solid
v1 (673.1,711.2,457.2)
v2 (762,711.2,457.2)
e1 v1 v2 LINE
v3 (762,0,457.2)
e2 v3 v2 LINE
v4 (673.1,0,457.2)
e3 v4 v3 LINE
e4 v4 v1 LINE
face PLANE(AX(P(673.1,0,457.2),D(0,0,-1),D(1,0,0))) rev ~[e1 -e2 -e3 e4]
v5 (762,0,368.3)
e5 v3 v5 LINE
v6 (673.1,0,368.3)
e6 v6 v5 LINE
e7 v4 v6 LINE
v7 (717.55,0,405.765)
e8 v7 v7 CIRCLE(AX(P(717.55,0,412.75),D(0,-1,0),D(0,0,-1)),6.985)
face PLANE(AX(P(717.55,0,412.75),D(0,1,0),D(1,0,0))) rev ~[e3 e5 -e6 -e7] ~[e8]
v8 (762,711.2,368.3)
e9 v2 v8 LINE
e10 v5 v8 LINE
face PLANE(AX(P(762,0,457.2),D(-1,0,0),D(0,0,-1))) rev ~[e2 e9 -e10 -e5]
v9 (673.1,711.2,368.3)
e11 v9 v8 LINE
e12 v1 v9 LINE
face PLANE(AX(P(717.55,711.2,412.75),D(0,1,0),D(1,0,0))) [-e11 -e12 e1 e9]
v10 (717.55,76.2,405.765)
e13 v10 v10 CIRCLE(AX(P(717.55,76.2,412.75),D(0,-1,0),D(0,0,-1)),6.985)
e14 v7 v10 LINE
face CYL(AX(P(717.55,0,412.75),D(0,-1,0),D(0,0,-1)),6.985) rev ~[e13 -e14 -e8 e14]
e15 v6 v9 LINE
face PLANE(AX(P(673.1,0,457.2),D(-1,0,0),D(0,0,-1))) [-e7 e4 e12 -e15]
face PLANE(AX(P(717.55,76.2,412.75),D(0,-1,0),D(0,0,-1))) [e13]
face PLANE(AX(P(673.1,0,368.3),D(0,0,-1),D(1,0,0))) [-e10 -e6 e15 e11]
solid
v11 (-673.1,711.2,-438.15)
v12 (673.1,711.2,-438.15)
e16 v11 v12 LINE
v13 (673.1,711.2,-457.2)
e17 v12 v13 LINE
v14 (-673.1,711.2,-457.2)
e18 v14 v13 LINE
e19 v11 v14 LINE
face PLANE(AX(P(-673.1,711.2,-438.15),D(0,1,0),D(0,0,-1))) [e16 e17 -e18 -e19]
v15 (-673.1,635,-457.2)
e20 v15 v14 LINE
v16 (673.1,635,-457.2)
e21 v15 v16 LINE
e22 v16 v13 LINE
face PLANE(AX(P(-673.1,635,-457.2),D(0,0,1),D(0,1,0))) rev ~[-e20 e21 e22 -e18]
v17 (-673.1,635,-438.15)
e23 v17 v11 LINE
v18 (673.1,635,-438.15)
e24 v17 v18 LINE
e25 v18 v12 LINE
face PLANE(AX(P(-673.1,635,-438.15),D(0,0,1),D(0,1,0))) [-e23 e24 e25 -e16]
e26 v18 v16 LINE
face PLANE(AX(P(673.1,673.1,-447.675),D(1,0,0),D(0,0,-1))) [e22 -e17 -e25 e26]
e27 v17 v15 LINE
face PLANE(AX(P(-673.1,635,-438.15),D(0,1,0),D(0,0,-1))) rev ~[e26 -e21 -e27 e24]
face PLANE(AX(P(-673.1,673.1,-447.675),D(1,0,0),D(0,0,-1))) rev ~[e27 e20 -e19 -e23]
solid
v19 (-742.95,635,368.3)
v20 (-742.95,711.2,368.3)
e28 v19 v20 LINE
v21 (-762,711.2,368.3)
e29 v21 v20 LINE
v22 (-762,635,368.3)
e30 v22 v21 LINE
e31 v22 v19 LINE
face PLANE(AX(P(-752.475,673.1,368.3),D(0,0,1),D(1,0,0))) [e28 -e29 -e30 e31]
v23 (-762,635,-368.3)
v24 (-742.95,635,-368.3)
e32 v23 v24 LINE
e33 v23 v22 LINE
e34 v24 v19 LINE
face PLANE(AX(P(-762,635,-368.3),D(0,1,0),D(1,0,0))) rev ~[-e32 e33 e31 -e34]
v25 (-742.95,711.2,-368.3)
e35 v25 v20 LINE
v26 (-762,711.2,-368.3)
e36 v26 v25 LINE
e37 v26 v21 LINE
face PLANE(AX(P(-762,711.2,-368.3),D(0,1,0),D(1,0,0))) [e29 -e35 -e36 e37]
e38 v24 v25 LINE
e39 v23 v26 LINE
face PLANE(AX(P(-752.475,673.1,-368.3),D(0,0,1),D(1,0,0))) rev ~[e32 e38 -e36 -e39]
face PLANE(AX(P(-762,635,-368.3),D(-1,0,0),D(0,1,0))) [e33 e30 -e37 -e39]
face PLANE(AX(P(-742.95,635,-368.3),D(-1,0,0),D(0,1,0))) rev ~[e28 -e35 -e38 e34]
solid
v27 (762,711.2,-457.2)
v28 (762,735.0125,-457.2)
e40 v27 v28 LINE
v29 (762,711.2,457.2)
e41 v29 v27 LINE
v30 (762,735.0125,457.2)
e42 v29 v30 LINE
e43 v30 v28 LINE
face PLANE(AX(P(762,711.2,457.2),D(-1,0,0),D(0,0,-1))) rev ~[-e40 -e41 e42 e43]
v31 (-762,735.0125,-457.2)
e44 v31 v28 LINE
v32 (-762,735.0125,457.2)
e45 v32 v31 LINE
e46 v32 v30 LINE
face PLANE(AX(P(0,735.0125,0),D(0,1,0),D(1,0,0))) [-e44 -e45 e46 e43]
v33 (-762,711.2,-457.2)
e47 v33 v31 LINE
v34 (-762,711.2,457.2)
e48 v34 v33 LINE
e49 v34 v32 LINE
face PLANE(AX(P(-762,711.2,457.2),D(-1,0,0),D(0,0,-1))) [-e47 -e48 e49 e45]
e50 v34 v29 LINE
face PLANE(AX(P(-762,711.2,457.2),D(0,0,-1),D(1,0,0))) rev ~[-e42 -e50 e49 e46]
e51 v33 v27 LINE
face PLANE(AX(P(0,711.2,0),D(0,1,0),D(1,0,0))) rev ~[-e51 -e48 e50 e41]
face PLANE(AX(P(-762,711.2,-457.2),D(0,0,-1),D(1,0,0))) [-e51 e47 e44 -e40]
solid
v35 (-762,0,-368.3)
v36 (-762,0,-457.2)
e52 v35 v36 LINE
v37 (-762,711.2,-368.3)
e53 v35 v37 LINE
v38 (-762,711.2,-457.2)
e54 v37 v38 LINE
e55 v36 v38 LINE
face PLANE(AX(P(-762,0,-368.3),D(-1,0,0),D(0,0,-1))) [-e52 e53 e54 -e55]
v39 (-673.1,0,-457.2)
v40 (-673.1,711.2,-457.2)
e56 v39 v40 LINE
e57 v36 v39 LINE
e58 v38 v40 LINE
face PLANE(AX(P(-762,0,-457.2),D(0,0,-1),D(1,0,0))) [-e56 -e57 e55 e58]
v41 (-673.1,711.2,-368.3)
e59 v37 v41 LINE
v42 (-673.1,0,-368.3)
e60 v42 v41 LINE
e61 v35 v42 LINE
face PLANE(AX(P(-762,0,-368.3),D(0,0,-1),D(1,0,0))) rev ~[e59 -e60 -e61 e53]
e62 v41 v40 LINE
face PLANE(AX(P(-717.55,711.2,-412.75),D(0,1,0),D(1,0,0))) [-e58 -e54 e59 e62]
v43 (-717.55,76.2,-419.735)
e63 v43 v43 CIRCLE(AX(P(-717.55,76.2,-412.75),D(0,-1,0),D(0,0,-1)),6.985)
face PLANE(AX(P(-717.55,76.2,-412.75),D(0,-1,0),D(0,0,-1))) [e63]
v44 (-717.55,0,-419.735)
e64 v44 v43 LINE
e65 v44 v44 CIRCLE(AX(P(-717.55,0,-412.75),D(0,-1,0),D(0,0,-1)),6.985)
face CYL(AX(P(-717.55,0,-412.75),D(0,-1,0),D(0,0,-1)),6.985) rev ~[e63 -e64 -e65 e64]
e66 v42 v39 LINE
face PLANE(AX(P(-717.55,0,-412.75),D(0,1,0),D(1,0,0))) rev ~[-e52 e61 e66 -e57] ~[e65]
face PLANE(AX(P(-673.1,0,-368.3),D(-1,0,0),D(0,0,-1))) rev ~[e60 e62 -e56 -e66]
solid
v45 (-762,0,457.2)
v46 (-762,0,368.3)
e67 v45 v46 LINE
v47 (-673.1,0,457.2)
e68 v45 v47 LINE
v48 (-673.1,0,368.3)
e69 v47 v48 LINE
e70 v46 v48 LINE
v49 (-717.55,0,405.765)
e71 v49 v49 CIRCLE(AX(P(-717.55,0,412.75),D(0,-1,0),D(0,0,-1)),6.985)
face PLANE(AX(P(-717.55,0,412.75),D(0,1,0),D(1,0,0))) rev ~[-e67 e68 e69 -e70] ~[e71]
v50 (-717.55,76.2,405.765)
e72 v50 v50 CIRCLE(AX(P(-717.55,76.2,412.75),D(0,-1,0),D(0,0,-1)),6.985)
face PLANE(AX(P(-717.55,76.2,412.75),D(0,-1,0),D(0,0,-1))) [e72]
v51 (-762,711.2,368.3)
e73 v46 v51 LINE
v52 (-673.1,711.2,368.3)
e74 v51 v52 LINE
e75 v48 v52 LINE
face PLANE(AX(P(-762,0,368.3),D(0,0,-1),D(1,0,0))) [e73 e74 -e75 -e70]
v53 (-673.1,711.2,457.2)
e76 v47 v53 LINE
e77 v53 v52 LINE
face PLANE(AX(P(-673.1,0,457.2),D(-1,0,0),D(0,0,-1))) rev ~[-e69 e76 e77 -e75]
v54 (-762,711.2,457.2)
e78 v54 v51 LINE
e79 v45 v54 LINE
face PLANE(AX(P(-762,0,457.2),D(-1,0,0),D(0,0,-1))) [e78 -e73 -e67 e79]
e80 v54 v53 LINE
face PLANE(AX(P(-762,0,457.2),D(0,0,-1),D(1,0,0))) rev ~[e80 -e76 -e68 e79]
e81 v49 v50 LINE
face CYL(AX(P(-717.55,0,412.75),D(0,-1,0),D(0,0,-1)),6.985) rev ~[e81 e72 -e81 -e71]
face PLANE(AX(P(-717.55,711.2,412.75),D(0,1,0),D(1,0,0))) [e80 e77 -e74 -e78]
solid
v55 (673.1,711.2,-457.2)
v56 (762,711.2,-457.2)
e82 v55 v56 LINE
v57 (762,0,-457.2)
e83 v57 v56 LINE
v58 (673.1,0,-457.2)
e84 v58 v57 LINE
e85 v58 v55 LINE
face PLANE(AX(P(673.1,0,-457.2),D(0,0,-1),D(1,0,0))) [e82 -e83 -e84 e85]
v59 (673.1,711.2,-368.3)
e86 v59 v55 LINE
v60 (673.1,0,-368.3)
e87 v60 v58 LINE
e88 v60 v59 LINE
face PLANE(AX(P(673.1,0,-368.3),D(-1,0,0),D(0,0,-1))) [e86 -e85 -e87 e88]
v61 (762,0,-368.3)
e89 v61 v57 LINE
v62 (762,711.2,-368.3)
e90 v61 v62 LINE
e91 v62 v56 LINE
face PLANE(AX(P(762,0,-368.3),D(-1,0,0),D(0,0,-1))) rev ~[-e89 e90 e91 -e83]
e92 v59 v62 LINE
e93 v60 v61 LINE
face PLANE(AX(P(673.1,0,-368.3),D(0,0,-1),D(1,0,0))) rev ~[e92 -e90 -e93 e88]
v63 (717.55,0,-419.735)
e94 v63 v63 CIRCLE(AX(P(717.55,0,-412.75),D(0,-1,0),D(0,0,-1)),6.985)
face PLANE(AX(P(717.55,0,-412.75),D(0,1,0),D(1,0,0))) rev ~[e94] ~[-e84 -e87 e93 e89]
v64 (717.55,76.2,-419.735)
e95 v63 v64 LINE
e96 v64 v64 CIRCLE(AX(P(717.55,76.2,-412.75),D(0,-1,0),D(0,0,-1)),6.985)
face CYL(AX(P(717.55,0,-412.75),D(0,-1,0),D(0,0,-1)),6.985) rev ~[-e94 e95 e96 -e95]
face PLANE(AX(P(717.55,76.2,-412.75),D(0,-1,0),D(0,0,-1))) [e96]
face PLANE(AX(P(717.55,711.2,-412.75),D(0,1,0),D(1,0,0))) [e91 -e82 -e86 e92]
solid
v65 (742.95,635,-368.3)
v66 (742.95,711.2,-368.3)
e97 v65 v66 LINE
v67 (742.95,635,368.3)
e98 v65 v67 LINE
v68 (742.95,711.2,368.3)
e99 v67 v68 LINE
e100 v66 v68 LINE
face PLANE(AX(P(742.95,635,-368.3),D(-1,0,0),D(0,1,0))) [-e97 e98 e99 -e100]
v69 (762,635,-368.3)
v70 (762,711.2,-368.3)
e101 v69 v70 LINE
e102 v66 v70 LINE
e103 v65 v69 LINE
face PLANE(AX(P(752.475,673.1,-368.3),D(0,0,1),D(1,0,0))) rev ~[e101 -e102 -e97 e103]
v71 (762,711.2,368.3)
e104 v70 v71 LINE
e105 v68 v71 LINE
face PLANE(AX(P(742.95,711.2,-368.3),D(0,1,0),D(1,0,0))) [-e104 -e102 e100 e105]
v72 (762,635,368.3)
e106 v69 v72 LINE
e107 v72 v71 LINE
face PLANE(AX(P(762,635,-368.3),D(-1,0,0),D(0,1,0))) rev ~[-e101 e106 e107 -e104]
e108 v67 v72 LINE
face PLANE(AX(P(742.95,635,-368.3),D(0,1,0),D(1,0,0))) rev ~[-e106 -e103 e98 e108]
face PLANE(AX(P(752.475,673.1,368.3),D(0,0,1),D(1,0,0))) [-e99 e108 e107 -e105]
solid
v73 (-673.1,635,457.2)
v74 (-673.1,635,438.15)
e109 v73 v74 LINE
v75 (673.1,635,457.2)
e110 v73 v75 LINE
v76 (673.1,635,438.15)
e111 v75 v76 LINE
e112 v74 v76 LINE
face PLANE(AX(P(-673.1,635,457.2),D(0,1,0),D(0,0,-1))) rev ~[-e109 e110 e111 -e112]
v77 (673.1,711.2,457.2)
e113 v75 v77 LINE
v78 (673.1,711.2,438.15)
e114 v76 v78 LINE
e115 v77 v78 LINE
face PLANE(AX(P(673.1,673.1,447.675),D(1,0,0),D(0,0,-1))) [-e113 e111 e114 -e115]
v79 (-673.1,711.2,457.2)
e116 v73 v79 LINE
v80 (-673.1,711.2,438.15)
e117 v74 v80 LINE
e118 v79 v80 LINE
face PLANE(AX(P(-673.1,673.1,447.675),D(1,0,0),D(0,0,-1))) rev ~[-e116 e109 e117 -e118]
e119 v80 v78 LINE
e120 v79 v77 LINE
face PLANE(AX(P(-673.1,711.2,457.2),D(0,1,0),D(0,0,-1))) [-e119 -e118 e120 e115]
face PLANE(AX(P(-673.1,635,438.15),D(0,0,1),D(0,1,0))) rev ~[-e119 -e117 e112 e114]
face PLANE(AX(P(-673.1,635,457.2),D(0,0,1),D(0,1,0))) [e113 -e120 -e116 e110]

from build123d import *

# Parameters (mm, degrees)
SKETCH1_W             = 88.9
SKETCH1_H             = 88.9
BOSS_EXTRUDE1_DEPTH   = 711.2
BOSS_EXTRUDE1_2_DEPTH = 711.2
BOSS_EXTRUDE1_3_DEPTH = 711.2
BOSS_EXTRUDE1_4_DEPTH = 711.2
SKETCH2_W             = 1524
SKETCH2_H             = 914.4
BOSS_EXTRUDE2_DEPTH   = 23.8125
SKETCH3_W             = 19.05
SKETCH3_H             = 76.2
BOSS_EXTRUDE3_DEPTH   = 736.6
BOSS_EXTRUDE3_2_DEPTH = 736.6
SKETCH4_W             = 19.05
SKETCH4_H             = 76.2
BOSS_EXTRUDE4_DEPTH   = 1346.2
BOSS_EXTRUDE4_2_DEPTH = 1346.2
SKETCH6_R             = 6.985
CUT_EXTRUDE1_DEPTH    = 76.2


with BuildPart() as part:
    # Sketch1 → Boss-Extrude1 (new body)
    with BuildSketch(Plane(origin=(0, 0, 0), x_dir=(1, 0, 0), z_dir=(0, 1, 0))):
        with Locations((-717.55, 412.75)):
            Rectangle(SKETCH1_W, SKETCH1_H)
    extrude(amount=BOSS_EXTRUDE1_DEPTH)


with BuildPart() as body_2:
    # Sketch1 → Boss-Extrude1 2 (new body)
    with BuildSketch(Plane(origin=(0, 0, 0), x_dir=(1, 0, 0), z_dir=(0, 1, 0))):
        with Locations((717.55, 412.75)):
            Rectangle(SKETCH1_W, SKETCH1_H)
    extrude(amount=BOSS_EXTRUDE1_2_DEPTH)


with BuildPart() as body_3:
    # Sketch1 → Boss-Extrude1 3 (new body)
    with BuildSketch(Plane(origin=(0, 0, 0), x_dir=(1, 0, 0), z_dir=(0, 1, 0))):
        with Locations((717.55, -412.75)):
            Rectangle(SKETCH1_W, SKETCH1_H)
    extrude(amount=BOSS_EXTRUDE1_3_DEPTH)


with BuildPart() as body_4:
    # Sketch1 → Boss-Extrude1 4 (new body)
    with BuildSketch(Plane(origin=(0, 0, 0), x_dir=(1, 0, 0), z_dir=(0, 1, 0))):
        with Locations((-717.55, -412.75)):
            Rectangle(SKETCH1_W, SKETCH1_H)
    extrude(amount=BOSS_EXTRUDE1_4_DEPTH)


with BuildPart() as body_5:
    # Sketch2 → Boss-Extrude2 (new body)
    with BuildSketch(Plane(origin=(0, 711.2, 0), x_dir=(1, 0, 0), z_dir=(0, 1, 0))):
        Rectangle(SKETCH2_W, SKETCH2_H)
    extrude(amount=BOSS_EXTRUDE2_DEPTH)


with BuildPart() as body_6:
    # Sketch3 → Boss-Extrude3 (new body)
    with BuildSketch(Plane.XY.offset(-368.3)):
        with Locations((-752.475, 673.1)):
            Rectangle(SKETCH3_W, SKETCH3_H)
    extrude(amount=BOSS_EXTRUDE3_DEPTH)


with BuildPart() as body_7:
    # Sketch3 → Boss-Extrude3 2 (new body)
    with BuildSketch(Plane.XY.offset(-368.3)):
        with Locations((752.475, 673.1)):
            Rectangle(SKETCH3_W, SKETCH3_H)
    extrude(amount=BOSS_EXTRUDE3_2_DEPTH)


with BuildPart() as body_8:
    # Sketch4 → Boss-Extrude4 (new body)
    with BuildSketch(Plane(origin=(-673.1, 0, 0), x_dir=(0, 0, -1), z_dir=(1, 0, 0))):
        with Locations((-447.675, 673.1)):
            Rectangle(SKETCH4_W, SKETCH4_H)
    extrude(amount=BOSS_EXTRUDE4_DEPTH)


with BuildPart() as body_9:
    # Sketch4 → Boss-Extrude4 2 (new body)
    with BuildSketch(Plane(origin=(-673.1, 0, 0), x_dir=(0, 0, -1), z_dir=(1, 0, 0))):
        with Locations((447.675, 673.1)):
            Rectangle(SKETCH4_W, SKETCH4_H)
    extrude(amount=BOSS_EXTRUDE4_2_DEPTH)


with BuildPart() as cut_extrude1_tool:
    # Sketch6 → Cut-Extrude1 (new body)
    with BuildSketch(Plane.XZ):
        with Locations(Location((-717.55, 412.75, 0), (0, 0, 270))):
            Circle(SKETCH6_R)
        with Locations(Location((-717.55, -412.75, 0), (0, 0, 270))):
            Circle(SKETCH6_R)
        with Locations(Location((717.55, -412.75, 0), (0, 0, 270))):
            Circle(SKETCH6_R)
        with Locations(Location((717.55, 412.75, 0), (0, 0, 270))):
            Circle(SKETCH6_R)
    extrude(amount=-CUT_EXTRUDE1_DEPTH)


with BuildPart() as part_1:
    add(part.part)

    # Cut-Extrude1: cut by cut_extrude1_tool
    add(cut_extrude1_tool.part, mode=Mode.SUBTRACT)


with BuildPart() as body_2_1:
    add(body_2.part)

    # Cut-Extrude1: cut by cut_extrude1_tool
    add(cut_extrude1_tool.part, mode=Mode.SUBTRACT)


with BuildPart() as body_3_1:
    add(body_3.part)

    # Cut-Extrude1: cut by cut_extrude1_tool
    add(cut_extrude1_tool.part, mode=Mode.SUBTRACT)


with BuildPart() as body_4_1:
    add(body_4.part)

    # Cut-Extrude1: cut by cut_extrude1_tool
    add(cut_extrude1_tool.part, mode=Mode.SUBTRACT)


solid = Compound([body_5.part, body_6.part, body_7.part, body_8.part, body_9.part, part_1.part, body_2_1.part, body_3_1.part, body_4_1.part])
